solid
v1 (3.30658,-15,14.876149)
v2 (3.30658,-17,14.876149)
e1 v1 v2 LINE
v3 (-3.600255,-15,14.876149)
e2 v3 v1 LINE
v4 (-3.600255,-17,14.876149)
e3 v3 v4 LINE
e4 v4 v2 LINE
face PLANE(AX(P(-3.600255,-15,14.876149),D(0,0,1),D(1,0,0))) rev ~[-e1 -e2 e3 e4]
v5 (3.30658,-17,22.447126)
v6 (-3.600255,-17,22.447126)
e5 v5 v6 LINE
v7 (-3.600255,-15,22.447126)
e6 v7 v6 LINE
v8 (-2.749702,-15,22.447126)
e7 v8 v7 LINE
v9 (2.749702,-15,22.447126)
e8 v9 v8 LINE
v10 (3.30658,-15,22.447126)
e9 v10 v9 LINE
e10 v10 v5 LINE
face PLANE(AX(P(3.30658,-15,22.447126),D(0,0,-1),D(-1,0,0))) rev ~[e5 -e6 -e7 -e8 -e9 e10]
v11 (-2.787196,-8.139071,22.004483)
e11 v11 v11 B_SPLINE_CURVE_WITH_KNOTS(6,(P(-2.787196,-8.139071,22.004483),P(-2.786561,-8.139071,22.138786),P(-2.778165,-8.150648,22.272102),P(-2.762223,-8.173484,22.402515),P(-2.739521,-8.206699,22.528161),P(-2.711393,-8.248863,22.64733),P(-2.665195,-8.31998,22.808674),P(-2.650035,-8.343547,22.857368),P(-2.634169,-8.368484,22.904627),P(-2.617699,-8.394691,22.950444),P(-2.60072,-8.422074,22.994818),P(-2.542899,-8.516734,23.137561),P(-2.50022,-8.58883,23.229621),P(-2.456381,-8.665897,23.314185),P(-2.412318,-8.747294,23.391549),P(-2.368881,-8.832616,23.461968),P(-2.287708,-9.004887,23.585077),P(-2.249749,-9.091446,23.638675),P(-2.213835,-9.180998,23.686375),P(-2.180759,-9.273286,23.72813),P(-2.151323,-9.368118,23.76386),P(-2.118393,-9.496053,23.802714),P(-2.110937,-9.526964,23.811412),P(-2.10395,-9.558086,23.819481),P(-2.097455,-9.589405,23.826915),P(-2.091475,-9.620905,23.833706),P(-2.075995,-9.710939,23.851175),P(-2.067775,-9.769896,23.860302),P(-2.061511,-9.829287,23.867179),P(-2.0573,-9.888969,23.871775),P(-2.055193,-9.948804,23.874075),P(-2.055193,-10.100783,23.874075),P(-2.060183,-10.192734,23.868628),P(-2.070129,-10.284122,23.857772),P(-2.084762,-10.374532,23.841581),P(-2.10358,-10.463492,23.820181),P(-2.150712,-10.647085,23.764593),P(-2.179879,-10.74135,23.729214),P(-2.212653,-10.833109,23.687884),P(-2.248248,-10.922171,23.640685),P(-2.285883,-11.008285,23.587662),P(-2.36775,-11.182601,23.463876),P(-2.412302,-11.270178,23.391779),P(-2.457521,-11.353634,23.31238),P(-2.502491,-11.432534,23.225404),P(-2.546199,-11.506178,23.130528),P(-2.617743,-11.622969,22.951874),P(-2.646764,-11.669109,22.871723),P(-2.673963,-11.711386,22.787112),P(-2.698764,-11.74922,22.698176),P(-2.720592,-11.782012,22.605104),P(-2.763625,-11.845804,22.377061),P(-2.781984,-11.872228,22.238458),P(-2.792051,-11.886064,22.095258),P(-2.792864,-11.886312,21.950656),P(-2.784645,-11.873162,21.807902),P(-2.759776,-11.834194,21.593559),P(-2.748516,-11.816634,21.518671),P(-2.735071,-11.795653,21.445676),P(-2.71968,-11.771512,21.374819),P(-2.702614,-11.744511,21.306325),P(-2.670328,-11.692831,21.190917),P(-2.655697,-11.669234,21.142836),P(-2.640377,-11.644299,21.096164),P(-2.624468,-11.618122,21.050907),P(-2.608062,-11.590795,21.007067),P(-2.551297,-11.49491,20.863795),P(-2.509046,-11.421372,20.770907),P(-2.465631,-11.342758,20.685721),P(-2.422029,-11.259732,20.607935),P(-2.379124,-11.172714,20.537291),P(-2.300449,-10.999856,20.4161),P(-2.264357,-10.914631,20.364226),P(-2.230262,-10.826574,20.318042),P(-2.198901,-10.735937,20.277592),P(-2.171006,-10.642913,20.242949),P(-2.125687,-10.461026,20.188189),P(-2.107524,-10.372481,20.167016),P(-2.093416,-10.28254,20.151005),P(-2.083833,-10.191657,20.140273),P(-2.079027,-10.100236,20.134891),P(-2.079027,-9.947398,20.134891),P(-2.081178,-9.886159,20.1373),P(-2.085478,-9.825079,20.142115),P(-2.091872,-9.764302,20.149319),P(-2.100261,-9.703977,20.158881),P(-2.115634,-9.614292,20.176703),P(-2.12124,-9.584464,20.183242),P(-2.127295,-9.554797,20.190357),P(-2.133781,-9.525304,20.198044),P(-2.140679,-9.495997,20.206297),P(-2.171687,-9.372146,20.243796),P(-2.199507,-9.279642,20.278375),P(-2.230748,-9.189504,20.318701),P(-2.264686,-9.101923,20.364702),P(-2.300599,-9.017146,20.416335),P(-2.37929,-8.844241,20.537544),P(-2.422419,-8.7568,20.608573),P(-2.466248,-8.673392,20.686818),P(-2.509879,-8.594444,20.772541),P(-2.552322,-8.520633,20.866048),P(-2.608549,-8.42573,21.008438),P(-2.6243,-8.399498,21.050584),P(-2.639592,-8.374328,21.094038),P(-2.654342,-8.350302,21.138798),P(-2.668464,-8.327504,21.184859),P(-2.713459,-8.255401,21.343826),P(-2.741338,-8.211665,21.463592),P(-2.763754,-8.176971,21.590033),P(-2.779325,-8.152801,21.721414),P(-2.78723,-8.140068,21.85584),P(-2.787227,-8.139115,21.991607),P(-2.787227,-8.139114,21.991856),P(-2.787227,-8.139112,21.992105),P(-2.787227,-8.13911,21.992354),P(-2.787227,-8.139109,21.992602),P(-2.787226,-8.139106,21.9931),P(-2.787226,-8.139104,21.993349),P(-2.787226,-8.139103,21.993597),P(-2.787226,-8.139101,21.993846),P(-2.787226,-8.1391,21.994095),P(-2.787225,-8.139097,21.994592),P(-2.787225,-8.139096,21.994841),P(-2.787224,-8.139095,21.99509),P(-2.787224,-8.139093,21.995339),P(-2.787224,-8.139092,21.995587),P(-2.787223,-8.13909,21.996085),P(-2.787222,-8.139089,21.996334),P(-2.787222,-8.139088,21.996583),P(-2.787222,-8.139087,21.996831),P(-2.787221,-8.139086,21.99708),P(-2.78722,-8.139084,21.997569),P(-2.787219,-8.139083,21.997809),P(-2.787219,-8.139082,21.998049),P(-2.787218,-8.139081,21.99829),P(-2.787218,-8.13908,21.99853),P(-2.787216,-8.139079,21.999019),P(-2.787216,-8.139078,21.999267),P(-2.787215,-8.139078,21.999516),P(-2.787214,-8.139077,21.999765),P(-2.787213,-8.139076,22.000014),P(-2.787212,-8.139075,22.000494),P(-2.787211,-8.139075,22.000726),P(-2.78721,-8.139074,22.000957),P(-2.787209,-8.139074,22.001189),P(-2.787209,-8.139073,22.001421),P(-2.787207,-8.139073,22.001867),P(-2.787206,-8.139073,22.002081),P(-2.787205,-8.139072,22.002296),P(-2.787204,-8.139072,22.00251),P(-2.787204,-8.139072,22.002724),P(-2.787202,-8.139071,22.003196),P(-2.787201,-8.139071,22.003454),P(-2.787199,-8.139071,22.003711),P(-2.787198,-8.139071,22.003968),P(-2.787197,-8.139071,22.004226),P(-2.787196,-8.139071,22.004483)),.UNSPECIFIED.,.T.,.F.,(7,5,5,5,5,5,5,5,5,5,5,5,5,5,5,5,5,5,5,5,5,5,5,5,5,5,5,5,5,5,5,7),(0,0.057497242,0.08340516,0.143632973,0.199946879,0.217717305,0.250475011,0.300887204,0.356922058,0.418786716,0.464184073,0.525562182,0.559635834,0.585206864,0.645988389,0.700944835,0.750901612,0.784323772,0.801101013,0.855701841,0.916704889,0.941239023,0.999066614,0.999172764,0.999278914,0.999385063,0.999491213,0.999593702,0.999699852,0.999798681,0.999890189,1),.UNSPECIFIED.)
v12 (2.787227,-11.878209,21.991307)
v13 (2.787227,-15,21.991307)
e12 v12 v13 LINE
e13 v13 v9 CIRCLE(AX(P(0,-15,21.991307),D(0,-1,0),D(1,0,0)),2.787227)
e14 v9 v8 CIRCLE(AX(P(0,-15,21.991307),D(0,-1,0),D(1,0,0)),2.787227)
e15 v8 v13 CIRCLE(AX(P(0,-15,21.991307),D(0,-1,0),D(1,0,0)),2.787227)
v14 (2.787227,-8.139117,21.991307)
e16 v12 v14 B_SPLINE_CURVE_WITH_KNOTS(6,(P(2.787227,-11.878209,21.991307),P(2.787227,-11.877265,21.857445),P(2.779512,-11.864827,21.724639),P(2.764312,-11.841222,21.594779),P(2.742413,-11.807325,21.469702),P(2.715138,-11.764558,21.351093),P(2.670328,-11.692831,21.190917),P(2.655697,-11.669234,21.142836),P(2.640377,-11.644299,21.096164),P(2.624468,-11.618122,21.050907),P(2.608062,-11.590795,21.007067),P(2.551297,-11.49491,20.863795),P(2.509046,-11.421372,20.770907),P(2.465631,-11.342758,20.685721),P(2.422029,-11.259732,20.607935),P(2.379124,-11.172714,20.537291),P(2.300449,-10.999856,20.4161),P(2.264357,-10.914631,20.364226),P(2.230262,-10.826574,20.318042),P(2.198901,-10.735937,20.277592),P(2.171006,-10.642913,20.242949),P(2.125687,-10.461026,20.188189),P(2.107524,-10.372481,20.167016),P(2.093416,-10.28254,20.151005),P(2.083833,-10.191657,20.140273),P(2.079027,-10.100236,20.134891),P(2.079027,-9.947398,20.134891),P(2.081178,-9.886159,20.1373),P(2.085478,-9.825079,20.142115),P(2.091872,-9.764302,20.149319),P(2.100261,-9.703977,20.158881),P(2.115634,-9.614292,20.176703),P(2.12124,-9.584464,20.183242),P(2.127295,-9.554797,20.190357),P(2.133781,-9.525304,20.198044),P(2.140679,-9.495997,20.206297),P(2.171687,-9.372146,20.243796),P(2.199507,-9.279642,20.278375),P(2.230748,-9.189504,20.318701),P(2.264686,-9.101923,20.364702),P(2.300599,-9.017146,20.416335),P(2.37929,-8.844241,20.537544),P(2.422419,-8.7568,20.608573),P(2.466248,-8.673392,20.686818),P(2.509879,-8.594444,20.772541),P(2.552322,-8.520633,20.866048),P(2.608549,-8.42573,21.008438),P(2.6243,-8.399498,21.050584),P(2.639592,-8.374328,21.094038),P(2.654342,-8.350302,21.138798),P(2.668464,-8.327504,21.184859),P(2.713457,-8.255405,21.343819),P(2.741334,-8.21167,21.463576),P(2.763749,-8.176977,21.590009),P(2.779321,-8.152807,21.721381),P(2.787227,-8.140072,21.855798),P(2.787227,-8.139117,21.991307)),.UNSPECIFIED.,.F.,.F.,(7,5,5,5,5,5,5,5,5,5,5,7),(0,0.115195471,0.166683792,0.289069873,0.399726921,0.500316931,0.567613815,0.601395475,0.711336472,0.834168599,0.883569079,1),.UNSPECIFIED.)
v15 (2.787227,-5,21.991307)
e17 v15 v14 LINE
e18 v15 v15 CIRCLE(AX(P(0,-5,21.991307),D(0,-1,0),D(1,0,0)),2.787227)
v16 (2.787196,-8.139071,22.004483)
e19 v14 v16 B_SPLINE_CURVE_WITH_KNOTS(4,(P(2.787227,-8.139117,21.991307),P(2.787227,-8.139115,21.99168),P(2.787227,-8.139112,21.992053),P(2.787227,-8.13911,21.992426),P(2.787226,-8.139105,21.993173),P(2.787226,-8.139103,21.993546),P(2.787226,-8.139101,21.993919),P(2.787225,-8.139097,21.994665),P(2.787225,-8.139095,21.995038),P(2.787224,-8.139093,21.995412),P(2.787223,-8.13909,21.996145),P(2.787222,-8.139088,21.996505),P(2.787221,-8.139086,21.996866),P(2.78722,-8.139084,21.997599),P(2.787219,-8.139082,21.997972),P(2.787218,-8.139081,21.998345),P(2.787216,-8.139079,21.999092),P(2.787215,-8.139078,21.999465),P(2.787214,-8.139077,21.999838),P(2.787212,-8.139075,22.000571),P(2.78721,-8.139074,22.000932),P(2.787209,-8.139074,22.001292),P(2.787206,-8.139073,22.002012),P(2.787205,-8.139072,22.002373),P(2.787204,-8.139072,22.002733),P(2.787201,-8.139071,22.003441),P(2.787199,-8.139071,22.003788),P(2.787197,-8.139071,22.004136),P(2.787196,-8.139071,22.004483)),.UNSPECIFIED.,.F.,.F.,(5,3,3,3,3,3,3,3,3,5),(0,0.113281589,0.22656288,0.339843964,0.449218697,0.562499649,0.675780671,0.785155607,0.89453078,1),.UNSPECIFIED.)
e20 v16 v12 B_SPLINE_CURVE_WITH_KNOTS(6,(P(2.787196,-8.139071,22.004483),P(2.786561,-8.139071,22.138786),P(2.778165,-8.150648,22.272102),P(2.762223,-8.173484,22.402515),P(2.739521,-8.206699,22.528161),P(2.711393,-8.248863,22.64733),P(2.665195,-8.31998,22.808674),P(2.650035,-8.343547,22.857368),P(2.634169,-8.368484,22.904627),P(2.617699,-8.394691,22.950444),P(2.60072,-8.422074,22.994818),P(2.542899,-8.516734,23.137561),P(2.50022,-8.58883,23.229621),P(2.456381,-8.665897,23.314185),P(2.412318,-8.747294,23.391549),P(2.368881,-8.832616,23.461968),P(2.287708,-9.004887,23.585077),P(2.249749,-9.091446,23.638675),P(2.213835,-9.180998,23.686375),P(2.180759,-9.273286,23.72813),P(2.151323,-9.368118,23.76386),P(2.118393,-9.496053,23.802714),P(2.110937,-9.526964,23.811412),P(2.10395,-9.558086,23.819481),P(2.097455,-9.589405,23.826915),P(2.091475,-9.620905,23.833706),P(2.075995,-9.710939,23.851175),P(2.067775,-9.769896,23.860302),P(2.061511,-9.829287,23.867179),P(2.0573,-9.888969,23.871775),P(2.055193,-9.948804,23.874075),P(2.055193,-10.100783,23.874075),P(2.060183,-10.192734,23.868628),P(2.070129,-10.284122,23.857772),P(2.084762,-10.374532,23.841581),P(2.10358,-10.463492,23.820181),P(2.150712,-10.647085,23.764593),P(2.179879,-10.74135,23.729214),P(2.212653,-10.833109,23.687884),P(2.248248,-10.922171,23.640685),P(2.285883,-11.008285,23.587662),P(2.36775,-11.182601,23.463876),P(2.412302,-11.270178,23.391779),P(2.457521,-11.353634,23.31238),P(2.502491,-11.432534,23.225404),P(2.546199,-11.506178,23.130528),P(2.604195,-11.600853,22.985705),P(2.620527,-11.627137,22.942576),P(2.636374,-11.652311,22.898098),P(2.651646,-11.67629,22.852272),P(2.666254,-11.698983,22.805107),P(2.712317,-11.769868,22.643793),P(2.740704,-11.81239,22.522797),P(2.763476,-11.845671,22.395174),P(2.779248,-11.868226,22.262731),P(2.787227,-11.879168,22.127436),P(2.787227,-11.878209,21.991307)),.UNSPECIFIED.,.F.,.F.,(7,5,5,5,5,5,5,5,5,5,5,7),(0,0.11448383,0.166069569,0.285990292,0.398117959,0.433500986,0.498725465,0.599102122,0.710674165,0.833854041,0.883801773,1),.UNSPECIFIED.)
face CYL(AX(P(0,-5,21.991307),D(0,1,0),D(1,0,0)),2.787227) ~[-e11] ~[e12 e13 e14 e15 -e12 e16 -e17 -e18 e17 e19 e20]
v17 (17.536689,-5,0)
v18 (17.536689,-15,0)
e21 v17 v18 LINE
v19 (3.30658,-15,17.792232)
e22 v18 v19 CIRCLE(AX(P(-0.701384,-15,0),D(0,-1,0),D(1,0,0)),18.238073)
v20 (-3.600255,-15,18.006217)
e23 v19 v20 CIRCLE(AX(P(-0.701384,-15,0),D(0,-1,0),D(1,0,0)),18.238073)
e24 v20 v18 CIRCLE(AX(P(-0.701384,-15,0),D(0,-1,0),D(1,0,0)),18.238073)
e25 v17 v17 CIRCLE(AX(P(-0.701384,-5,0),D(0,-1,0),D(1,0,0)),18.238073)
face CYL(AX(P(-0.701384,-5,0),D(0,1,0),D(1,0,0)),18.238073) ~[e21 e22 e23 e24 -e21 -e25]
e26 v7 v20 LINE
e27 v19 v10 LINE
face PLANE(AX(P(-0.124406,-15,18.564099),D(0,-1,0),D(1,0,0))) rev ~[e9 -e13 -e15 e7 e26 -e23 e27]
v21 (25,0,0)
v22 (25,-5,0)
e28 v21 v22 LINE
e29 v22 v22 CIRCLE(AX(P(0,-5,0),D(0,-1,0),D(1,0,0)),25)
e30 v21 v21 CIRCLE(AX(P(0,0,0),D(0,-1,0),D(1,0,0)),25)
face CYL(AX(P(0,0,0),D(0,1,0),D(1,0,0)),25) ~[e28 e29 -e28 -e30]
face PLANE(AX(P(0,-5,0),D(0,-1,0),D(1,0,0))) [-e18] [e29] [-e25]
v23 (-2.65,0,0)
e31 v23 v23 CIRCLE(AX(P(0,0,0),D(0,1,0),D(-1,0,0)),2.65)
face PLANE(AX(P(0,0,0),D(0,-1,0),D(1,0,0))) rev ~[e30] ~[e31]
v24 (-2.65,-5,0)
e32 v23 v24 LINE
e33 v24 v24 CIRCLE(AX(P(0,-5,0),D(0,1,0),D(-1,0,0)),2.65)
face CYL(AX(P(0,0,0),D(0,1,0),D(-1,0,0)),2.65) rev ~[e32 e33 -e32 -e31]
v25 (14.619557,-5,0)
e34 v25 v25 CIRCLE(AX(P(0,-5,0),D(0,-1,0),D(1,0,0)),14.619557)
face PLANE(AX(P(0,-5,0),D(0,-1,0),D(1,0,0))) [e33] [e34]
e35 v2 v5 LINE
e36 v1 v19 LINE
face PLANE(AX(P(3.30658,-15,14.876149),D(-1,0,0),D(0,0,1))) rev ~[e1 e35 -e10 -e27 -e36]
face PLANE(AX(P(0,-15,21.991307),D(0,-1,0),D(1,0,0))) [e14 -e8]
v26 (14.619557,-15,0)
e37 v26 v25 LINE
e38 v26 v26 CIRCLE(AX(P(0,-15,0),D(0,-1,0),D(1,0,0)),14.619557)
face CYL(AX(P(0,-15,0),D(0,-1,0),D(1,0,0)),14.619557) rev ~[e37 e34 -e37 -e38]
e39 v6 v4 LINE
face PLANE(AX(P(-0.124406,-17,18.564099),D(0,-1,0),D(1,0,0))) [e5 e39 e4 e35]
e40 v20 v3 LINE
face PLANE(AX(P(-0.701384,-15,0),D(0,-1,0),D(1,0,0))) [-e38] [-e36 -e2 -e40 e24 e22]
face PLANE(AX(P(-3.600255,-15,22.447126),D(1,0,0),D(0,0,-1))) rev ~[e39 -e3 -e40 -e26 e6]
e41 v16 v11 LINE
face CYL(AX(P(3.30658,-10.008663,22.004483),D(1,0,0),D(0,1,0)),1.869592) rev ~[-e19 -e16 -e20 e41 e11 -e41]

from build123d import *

# Parameters (mm, degrees)
F0_R      = 25
F1_DEPTH  = 5
F2_R      = 2.65
F3_DEPTH  = 5
F5_R      = 18.238073
F6_DEPTH  = 10
F7_R      = 14.619557
F8_DEPTH  = 10
F9_R      = 2.787227
F10_DEPTH = 10
F12_DEPTH = 2
F13_R     = 1.869592
F14_DEPTH = 25.4


with BuildPart() as f1:
    # F0 (on Front) → F1 (new body)
    with BuildSketch(Plane.XZ):
        Circle(F0_R)
    extrude(amount=F1_DEPTH)

    # F2 (on face) → F3 (cut)
    with BuildSketch(Plane(origin=(0, 0, 0), x_dir=(-1, 0, 0), z_dir=(0, 1, 0))):
        Circle(F2_R)
    extrude(amount=-F3_DEPTH, mode=Mode.SUBTRACT)

    # F5 (on face) → F6 (join)
    with BuildSketch(Plane.XZ.offset(5)):
        with Locations((-0.701384, 0)):
            Circle(F5_R)
    extrude(amount=F6_DEPTH)

    # F7 (on face) → F8 (cut)
    with BuildSketch(Plane.XZ.offset(15)):
        Circle(F7_R)
    extrude(amount=-F8_DEPTH, mode=Mode.SUBTRACT)

    # F9 (on face) → F10 (join)
    with BuildSketch(Plane.XZ.offset(5)):
        with Locations((0, 21.991307)):
            Circle(F9_R)
    extrude(amount=F10_DEPTH)

    # F11 (on face) → F12 (join)
    with BuildSketch(Plane.XZ.offset(15)):
        with BuildLine():
            Line((-2.749703, 22.447126), (-3.600255, 22.447126))
            Line((-3.600255, 22.447126), (-3.600255, 14.876149))
            Line((-3.600255, 14.876149), (3.30658, 14.876149))
            Line((3.30658, 14.876149), (3.30658, 22.447126))
            Line((3.30658, 22.447126), (2.749703, 22.447126))
            ThreePointArc((2.749703, 22.447126), (2.77783, 22.219987), (2.787227, 21.991307))
            ThreePointArc((2.787227, 21.991307), (-0.228681, 19.213476), (-2.749703, 22.447126))
        make_face()
        with BuildLine():
            Line((2.749703, 22.447126), (-2.749703, 22.447126))
            ThreePointArc((-2.749703, 22.447126), (-0.228681, 19.213476), (2.787227, 21.991307))
            ThreePointArc((2.787227, 21.991307), (2.77783, 22.219987), (2.749703, 22.447126))
        make_face()
    extrude(amount=F12_DEPTH)

    # F13 (on face) → F14 (cut)
    with BuildSketch(Plane.YZ.offset(3.30658)):
        with Locations((-10.008663, 22.004483)):
            Circle(F13_R)
    extrude(amount=-F14_DEPTH, mode=Mode.SUBTRACT)


solid = f1.part
